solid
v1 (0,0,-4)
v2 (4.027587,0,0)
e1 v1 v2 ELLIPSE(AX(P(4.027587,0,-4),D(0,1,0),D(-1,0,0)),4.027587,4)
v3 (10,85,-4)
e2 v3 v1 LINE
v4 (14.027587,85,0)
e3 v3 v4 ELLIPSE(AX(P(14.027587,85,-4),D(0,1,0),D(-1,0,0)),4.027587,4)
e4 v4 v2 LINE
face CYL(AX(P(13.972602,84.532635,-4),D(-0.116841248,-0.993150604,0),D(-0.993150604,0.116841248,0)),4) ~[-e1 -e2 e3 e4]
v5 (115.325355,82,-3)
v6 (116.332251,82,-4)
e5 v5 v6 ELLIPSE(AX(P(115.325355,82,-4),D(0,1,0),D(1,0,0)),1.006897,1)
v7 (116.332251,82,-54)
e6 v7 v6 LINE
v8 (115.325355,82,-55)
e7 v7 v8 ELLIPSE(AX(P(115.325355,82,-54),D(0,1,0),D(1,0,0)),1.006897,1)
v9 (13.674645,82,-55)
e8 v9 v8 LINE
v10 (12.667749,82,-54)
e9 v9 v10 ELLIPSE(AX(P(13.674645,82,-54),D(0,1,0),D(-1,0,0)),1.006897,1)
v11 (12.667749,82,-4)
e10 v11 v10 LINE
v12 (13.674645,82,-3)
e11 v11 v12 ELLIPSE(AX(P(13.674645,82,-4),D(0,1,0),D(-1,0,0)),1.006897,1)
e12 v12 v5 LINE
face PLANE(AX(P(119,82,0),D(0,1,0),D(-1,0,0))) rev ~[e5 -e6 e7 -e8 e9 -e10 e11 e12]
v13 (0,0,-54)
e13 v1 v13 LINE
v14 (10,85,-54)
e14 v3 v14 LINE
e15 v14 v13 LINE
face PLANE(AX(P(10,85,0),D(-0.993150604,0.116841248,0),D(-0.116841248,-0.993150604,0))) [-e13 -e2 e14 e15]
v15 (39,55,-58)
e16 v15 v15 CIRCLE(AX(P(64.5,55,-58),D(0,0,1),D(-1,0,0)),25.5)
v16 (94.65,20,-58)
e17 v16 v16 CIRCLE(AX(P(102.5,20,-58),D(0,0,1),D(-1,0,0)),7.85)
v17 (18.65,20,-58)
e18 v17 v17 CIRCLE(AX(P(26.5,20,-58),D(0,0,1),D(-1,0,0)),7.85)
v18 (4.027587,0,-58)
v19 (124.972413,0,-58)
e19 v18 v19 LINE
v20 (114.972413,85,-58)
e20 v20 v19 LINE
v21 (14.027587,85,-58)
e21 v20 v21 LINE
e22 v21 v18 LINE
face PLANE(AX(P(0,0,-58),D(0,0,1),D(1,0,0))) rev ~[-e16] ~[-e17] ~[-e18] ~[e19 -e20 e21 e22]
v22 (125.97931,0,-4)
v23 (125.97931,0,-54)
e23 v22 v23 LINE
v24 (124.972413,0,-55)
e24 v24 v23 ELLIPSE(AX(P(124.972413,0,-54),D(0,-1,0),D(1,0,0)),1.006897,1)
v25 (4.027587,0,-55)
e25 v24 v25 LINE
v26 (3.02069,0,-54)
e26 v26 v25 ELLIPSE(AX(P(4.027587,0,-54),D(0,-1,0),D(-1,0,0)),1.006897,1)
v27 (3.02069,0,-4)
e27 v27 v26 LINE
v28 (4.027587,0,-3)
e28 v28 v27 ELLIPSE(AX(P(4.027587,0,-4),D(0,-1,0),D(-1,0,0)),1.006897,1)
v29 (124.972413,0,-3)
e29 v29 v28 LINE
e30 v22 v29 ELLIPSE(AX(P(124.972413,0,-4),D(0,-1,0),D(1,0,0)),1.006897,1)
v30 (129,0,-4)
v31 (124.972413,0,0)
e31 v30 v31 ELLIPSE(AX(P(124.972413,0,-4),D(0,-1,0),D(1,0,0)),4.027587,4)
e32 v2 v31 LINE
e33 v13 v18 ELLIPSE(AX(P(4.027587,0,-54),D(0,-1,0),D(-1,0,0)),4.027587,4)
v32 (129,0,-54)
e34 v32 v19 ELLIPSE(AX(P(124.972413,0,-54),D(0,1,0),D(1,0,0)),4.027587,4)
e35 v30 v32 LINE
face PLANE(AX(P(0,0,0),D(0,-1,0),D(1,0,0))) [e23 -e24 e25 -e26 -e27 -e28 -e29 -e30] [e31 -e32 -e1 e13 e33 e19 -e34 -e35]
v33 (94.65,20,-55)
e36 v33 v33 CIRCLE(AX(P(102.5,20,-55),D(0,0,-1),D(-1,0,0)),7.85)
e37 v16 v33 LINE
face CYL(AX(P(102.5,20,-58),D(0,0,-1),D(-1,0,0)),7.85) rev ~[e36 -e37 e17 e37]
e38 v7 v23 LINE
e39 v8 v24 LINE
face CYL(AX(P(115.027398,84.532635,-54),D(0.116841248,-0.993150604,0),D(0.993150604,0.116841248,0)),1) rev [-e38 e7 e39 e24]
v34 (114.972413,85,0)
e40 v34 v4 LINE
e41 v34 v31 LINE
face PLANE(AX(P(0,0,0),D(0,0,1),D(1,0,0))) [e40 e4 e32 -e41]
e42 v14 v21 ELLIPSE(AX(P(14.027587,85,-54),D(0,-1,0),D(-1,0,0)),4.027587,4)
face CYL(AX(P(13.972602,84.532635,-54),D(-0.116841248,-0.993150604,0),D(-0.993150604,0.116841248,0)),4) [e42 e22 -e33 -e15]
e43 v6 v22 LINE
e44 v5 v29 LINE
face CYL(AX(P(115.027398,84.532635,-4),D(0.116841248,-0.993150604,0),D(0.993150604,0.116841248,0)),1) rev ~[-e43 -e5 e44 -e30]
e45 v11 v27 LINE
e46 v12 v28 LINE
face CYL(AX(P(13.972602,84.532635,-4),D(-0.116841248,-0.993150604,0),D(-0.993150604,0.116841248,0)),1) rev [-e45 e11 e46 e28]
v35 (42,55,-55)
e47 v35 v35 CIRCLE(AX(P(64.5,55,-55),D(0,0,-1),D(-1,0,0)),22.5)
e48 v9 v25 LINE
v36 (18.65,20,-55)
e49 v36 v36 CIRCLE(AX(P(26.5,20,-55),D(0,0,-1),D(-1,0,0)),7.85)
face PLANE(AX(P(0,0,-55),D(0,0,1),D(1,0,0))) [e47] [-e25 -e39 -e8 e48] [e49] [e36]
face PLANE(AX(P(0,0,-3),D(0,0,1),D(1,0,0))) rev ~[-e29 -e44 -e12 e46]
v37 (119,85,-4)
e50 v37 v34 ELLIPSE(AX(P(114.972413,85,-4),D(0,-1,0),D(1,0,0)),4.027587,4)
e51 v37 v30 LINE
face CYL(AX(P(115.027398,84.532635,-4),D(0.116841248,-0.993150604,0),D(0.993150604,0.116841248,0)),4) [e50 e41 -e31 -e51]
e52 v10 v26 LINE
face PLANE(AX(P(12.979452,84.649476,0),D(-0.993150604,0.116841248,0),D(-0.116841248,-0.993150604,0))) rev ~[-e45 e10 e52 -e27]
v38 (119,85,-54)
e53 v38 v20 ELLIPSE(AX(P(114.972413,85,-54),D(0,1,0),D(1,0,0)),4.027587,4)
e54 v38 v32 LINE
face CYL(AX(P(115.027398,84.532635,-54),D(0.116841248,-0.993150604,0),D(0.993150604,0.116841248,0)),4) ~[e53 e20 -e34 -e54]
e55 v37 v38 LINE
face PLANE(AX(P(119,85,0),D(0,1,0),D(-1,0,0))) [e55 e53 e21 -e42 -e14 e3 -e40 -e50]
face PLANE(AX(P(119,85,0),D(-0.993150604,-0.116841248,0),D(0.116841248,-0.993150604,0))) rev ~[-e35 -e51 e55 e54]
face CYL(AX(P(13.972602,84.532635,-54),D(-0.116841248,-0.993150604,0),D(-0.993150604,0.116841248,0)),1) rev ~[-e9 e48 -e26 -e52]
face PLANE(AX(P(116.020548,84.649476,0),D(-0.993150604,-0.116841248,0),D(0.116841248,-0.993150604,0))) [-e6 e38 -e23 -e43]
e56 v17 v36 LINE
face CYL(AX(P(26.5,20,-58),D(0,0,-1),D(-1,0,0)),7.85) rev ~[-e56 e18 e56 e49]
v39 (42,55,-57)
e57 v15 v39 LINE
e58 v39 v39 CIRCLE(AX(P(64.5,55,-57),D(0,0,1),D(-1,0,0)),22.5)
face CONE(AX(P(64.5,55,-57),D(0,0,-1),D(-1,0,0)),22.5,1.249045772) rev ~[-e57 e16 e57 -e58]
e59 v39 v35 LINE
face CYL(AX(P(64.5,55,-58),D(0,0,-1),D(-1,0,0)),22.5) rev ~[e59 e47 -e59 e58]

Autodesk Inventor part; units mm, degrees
ref_plane "YZ Plane" through (0, 0, 0) normal (1, 0, 0) x (0, 1, 0)
ref_plane "XZ Plane" through (0, 0, 0) normal (0, 1, 0) x (-1, 0, 0)
ref_plane "XY Plane" through (0, 0, 0) normal (0, 0, 1) x (1, 0, 0)
sketch "Sketch1" plane through (0, 0, 0) normal (0, 0, 1) x (1, 0, 0)
  line L0 (0, 0) -> (129, 0)
  line L1 (129, 0) -> (129, 85)
  line L2 (129, 85) -> (0, 85)
  line L3 (0, 85) -> (0, 0)
  line L4 (0, 85) -> (10, 85)
  line L5 (10, 85) -> (0, 0)
  line L6 (129, 85) -> (119, 85)
  line L7 (119, 85) -> (129, 0)
  dimension "d0" = 129
  dimension "d1" = 85
  dimension "d2" = 10
  dimension "d3" = 10
extrude "Extrusion1" add sketch "Sketch1" against normal blind 58 contours L5 L2 L7 L0
fillet "Fillet1" radius 4 4 edges at (5, 42.5, 0) (124, 42.5, 0) (124, 42.5, -58) (5, 42.5, -58)
shell "Shell1" thickness 3 removed faces 1 at (44.3425, 0, -19.3333)
sketch "Sketch3" plane through (0, 0, -58) normal (0, 0, -1) x (-1, 0, 0)
  line L0 (-14.0276, 85) -> (-114.9724, 85) projected
  line L1 (-124.9724, 0) -> (-4.0276, 0) projected
  line L2 (-64.5, 0) -> (-64.5, 85)
  line L3 (-64.5, 85) -> (-64.5, 55)
  circle A0 centre (-64.5, 55) radius 22.5
  line L4 (-64.5, 0) -> (-102.5, 0)
  line L5 (-102.5, 0) -> (-102.5, 20)
  line L6 (-102.5, 20) -> (-64.5, 20)
  line L7 (-64.5, 20) -> (-64.5, 0)
  line L8 (-64.5, 0) -> (-26.5, 0)
  line L9 (-26.5, 0) -> (-26.5, 20)
  line L10 (-26.5, 20) -> (-64.5, 20)
  line L11 (-64.5, 20) -> (-64.5, 0)
  circle A1 centre (-26.5, 20) radius 7.85
  circle A2 centre (-102.5, 20) radius 7.85
  point P0 (0, 0)
  dimension "d18" = 30
  dimension "d19" = 45
  dimension "d20" = 38
  dimension "d21" = 20
  dimension "d22" = 38
  dimension "d23" = 15.7
  dimension "d24" = 15.7
extrude "Extrusion3" cut sketch "Sketch3" against normal blind 10 contours A0 L2 | L2 A0 | A2 L6 L5 | L5 L6 A2 | A1 L10 L9 | L9 L10 A1
chamfer "Chamfer1" distance 3 distance2 1 1 edges at (87, 55, -58) measured on face at (52.7612, 4.22, -58)
properties part number "Box MKIV Version 2"
